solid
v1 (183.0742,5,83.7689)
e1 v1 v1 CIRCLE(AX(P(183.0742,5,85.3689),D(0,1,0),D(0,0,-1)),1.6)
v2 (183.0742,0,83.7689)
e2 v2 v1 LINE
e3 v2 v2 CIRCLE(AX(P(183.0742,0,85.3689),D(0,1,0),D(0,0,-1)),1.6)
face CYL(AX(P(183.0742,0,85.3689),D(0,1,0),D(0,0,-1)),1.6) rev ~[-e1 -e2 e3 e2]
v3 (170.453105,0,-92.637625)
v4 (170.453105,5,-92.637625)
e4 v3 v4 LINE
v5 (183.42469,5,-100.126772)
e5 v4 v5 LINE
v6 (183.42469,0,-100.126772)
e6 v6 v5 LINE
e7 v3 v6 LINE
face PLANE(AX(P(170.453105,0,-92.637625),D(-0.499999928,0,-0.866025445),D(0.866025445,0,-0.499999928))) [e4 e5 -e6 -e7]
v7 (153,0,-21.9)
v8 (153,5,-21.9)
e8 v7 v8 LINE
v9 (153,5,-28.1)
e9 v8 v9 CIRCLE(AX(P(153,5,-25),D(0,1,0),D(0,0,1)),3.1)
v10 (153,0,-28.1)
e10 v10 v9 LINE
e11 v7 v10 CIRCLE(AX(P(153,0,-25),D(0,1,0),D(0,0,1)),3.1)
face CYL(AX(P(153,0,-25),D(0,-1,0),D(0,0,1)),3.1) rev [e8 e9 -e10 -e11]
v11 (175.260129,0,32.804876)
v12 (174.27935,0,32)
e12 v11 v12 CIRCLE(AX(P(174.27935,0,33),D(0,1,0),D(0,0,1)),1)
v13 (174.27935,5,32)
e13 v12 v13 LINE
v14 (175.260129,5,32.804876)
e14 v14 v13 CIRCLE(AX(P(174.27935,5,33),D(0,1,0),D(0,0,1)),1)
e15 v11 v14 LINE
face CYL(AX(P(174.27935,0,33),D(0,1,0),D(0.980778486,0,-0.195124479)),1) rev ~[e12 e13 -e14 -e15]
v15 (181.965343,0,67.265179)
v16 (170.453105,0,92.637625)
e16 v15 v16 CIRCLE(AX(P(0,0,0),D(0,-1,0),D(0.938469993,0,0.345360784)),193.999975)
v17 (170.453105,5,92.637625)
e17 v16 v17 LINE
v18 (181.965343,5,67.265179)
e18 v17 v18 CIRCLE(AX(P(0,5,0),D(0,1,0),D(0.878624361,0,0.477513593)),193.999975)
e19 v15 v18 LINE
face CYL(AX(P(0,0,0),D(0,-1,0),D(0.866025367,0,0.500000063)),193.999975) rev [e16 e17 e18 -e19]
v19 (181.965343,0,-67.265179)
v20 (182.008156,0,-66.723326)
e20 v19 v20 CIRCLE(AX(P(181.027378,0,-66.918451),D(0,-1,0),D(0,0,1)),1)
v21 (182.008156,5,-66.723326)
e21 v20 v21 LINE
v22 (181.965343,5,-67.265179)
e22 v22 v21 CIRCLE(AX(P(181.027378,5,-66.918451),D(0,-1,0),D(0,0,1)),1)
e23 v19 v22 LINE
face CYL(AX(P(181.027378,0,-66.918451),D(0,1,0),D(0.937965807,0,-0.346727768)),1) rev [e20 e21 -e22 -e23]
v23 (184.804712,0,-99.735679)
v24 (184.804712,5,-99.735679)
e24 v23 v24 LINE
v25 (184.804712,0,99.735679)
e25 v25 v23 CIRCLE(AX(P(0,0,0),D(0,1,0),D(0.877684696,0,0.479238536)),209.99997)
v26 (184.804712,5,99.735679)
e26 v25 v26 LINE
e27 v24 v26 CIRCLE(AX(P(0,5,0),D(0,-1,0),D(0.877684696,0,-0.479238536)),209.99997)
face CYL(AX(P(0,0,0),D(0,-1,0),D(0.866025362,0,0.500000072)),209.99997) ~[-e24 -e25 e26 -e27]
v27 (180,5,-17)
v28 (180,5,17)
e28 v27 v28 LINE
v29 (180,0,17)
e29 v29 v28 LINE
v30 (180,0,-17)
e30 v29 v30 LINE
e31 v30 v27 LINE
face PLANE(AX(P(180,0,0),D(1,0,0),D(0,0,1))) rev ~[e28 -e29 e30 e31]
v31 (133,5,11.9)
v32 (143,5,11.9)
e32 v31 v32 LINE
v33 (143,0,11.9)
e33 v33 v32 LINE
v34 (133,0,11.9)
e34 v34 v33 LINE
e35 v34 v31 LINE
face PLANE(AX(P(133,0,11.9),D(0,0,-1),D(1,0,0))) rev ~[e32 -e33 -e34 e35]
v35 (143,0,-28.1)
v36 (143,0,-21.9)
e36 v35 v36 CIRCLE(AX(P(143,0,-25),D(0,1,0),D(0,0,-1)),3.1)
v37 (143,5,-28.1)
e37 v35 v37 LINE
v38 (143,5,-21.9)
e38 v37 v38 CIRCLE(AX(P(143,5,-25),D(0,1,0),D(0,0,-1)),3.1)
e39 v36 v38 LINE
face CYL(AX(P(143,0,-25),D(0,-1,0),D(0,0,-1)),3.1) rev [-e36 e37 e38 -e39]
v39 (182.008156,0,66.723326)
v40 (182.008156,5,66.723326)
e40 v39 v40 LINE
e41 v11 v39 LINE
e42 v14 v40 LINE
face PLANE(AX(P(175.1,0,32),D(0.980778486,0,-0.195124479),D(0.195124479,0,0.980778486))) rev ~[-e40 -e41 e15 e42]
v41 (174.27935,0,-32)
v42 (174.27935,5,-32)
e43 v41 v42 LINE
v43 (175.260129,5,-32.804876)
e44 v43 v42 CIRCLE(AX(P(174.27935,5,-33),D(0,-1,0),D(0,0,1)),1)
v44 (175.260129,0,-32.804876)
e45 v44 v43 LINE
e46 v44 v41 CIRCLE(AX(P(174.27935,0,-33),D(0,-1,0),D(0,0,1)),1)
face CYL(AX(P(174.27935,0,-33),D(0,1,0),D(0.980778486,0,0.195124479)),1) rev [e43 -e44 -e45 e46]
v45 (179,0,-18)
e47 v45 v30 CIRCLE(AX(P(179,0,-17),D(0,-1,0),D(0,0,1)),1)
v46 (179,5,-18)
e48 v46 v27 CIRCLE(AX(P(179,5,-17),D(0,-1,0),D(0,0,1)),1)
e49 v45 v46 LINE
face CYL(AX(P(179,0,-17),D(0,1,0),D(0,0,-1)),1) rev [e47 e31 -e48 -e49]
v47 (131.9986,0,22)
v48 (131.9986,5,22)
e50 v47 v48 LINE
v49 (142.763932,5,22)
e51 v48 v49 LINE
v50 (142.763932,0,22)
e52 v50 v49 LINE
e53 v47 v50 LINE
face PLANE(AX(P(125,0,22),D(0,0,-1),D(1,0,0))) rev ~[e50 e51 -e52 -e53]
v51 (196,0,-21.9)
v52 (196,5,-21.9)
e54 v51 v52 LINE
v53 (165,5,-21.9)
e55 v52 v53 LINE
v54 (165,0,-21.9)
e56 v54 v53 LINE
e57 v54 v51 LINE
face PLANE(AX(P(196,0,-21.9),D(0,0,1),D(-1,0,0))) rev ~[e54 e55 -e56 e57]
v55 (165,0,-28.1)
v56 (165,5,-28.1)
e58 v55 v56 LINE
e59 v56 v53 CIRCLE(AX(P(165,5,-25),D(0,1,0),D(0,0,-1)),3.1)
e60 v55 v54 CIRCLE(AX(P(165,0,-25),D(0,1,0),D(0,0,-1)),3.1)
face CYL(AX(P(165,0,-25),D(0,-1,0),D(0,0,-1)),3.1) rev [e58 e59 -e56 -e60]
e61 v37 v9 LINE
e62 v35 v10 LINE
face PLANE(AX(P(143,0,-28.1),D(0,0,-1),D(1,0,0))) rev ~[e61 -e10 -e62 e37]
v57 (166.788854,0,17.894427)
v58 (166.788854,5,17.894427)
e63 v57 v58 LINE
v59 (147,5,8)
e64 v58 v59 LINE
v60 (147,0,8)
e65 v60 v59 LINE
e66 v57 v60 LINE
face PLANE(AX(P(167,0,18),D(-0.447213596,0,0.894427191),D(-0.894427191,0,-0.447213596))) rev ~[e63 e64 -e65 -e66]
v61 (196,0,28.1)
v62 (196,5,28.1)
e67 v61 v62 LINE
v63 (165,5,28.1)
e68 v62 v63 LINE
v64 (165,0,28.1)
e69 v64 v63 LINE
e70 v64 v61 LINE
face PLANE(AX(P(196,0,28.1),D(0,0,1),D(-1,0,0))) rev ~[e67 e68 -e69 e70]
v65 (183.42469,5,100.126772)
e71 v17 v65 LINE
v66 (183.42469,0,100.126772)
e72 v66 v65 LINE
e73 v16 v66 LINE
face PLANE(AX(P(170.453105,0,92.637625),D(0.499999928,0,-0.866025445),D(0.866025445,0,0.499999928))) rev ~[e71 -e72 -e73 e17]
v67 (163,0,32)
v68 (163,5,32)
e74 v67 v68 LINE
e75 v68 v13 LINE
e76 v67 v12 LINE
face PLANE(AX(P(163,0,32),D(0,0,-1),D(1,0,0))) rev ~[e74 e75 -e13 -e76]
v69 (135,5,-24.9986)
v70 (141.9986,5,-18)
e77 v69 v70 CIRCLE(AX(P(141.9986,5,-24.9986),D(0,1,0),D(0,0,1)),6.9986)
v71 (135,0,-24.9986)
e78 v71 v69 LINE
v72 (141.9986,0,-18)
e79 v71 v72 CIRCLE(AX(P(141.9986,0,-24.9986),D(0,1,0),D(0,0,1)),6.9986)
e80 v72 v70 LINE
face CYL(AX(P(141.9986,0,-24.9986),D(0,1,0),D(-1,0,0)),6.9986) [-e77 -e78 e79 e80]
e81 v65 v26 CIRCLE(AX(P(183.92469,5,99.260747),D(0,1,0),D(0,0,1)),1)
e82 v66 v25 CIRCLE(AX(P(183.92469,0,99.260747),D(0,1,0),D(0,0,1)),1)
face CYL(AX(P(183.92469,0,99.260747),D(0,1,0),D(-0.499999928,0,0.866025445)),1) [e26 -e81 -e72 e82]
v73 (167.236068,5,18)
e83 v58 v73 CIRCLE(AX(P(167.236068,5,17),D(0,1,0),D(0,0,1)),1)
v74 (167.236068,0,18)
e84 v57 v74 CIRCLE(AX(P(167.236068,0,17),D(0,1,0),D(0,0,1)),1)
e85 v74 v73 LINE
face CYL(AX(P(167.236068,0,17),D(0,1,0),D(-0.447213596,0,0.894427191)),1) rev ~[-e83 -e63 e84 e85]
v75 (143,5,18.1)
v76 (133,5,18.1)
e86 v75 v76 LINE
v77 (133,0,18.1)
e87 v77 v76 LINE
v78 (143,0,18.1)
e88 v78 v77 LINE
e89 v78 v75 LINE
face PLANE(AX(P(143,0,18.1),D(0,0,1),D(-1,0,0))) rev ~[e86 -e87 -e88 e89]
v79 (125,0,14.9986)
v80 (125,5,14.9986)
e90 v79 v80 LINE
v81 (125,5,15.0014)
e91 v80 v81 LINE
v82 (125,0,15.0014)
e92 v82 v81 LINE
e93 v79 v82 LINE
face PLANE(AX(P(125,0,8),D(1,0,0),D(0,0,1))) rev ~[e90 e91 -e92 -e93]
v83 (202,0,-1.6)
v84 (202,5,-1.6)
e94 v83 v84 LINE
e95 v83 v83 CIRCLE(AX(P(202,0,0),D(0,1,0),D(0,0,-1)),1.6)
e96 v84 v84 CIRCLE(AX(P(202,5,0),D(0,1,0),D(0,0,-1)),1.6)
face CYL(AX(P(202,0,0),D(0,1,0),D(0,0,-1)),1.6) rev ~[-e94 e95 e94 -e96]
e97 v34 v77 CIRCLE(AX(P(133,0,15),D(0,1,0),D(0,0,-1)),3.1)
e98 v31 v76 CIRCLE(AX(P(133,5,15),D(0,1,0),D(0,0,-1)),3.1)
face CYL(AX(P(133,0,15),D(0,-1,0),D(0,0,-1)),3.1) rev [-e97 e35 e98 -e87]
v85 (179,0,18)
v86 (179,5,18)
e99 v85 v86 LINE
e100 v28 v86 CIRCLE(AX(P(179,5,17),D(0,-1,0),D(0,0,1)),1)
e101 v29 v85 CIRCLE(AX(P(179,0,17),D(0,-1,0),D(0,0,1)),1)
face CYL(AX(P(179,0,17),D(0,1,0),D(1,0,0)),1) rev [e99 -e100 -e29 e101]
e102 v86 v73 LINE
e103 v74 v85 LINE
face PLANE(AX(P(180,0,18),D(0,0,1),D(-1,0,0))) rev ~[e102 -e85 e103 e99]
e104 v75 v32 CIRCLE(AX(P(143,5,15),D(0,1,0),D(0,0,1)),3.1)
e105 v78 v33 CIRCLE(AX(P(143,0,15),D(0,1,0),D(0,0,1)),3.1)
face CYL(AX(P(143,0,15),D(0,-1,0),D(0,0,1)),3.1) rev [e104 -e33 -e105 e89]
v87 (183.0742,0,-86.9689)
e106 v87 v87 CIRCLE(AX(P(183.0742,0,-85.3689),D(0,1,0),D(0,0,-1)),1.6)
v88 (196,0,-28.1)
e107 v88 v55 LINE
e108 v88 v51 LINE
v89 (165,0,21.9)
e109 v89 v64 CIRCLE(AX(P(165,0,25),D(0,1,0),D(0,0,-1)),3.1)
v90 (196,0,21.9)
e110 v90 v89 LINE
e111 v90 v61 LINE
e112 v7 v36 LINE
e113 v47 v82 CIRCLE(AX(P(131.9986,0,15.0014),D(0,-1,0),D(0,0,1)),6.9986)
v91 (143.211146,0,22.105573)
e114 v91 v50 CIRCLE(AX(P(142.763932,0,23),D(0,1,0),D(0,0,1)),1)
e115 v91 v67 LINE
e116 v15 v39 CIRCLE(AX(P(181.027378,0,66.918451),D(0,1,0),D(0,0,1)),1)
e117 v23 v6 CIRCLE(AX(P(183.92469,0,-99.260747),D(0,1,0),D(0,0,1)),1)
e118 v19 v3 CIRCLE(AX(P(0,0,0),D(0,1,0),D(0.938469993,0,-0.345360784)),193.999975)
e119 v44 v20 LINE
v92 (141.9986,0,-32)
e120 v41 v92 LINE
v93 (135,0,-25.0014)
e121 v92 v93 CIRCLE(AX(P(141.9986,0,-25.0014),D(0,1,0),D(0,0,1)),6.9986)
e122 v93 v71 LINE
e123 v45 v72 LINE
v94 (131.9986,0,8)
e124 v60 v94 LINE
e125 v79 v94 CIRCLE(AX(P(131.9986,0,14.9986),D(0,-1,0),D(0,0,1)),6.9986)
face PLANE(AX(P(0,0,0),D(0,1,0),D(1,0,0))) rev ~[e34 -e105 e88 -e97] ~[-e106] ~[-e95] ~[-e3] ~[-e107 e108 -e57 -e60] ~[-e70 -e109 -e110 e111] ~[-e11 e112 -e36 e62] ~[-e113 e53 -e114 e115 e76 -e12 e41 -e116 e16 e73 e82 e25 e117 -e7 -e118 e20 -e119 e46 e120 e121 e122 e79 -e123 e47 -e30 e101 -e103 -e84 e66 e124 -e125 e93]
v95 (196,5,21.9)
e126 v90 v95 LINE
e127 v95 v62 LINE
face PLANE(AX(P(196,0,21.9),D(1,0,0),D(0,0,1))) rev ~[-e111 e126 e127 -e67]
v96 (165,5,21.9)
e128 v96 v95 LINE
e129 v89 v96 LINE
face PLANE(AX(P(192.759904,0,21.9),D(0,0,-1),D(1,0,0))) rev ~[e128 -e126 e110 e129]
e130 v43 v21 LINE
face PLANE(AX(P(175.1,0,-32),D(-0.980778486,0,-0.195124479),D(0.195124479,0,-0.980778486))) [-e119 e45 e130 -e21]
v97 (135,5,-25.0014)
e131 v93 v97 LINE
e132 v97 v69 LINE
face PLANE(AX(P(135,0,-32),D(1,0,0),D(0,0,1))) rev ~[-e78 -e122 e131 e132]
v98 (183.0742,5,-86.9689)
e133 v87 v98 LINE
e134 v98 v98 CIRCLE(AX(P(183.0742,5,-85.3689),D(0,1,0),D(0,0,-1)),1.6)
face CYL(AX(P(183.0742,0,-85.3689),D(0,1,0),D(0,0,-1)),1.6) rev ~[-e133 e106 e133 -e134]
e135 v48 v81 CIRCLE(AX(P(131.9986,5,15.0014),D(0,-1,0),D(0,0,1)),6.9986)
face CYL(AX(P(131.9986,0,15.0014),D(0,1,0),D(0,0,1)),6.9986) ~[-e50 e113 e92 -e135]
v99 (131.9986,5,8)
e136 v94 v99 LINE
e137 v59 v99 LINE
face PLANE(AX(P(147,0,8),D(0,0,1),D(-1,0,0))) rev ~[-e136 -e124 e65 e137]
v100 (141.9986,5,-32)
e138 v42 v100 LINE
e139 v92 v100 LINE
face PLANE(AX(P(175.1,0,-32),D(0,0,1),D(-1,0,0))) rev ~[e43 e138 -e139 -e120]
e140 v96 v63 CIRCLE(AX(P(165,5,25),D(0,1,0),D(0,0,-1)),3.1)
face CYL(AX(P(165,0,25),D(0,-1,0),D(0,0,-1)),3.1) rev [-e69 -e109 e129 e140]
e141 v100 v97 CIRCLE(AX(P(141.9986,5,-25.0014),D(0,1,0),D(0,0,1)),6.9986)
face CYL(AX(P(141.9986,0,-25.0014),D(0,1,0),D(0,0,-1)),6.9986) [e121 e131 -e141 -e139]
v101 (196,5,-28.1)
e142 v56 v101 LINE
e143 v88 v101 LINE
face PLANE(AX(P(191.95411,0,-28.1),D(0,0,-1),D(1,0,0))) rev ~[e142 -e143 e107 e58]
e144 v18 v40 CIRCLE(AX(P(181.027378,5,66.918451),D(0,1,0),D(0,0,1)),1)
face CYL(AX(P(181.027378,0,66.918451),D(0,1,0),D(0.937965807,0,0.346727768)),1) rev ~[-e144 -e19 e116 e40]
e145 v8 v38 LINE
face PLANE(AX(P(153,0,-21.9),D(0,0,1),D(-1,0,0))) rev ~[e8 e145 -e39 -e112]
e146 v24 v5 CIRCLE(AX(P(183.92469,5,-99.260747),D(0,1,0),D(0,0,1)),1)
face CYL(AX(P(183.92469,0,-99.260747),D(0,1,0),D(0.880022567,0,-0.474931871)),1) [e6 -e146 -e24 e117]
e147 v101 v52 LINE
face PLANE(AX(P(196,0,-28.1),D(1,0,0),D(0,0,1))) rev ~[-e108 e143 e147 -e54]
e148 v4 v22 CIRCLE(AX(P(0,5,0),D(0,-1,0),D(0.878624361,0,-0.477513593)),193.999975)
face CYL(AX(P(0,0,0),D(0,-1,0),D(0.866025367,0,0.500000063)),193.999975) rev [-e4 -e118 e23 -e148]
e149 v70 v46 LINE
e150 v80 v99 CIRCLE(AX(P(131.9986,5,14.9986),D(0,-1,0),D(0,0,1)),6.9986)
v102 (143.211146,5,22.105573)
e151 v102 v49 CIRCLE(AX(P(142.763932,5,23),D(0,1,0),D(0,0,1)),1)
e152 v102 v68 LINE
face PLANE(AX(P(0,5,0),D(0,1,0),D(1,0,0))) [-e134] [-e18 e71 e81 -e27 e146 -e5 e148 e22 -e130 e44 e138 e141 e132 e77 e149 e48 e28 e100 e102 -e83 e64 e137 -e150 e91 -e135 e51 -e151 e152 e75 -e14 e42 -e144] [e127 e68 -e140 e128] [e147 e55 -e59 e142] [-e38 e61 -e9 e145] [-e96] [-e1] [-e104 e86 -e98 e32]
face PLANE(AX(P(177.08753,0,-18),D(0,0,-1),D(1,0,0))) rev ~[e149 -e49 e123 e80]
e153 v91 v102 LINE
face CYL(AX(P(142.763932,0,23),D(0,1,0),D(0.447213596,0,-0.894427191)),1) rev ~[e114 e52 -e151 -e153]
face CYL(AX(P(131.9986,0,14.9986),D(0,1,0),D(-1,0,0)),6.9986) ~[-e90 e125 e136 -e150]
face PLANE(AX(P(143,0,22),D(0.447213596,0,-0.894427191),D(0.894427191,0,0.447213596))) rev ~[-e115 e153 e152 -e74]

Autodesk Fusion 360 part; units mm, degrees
sketch "スケッチ1" plane through (0, 0, 0) normal (0, 1, 0) x (1, 0, 0)
  arc A0 (181.8653, -105) -> (181.8653, 105) centre (0, 0) ccw
  line L0 (181.8653, 105) -> (0, 0)
  line L1 (0, 0) -> (181.8653, -105)
  line L2 (0, 0) -> (210, 0)
  arc A1 (168.0089, -97) -> (168.0089, 97) centre (0, 0) ccw
  line L3 (191.3426, 32) -> (135, 32)
  line L4 (135, 32) -> (135, 18)
  line L5 (135, 18) -> (193.1631, 18)
  arc A2 (165, 28.1) -> (165, 21.9) centre (165, 25) ccw
  line L6 (165, 28.1) -> (196, 28.1)
  line L7 (196, 28.1) -> (196, 21.9)
  line L8 (196, 21.9) -> (165, 21.9)
  arc A3 (143, 28.1) -> (143, 21.9) centre (143, 25) ccw
  arc A4 (153, 21.9) -> (153, 28.1) centre (153, 25) ccw
  line L9 (143, 28.1) -> (153, 28.1)
  line L10 (153, 21.9) -> (143, 21.9)
  line L11 (10, 0) -> (184.3138, 100.6401)
  arc A5 (154.1525, -89) -> (154.1525, 89) centre (0, 0) ccw
  line L12 (10, 0) -> (184.3138, -100.6401)
  line L13 (193.1631, -18) -> (167, -18)
  line L14 (163, -32) -> (191.3426, -32)
  arc A6 (133, -11.9) -> (133, -18.1) centre (133, -15) ccw
  arc A7 (143, -18.1) -> (143, -11.9) centre (143, -15) ccw
  arc A8 (165, -21.9) -> (165, -28.1) centre (165, -25) ccw
  line L15 (165, -21.9) -> (196, -21.9)
  line L16 (196, -21.9) -> (196, -28.1)
  line L17 (196, -28.1) -> (165, -28.1)
  line L18 (133, -11.9) -> (143, -11.9)
  line L19 (143, -18.1) -> (133, -18.1)
  arc A9 (183.0742, -85.3689) -> (183.0742, 85.3689) centre (0, 0) ccw
  line L20 (0, 0) -> (183.0742, 85.3689)
  line L21 (0, 0) -> (183.0742, -85.3689)
  line L22 (180, 18) -> (180, -18)
  line L23 (175.1, 32) -> (182.0632, 67)
  line L24 (175.1, -32) -> (182.0632, -67)
  line L25 (167, -18) -> (147, -8)
  line L26 (147, -8) -> (125, -8)
  line L27 (125, -8) -> (125, -22)
  line L28 (125, -22) -> (143, -22)
  line L29 (143, -22) -> (163, -32)
  point P0 (135, 25)
  point P1 (202, 0)
  point P2 (125, -15)
  dimension "d1" = 210
  dimension "d2" = 30
  dimension "d3" = 30
  dimension "d4" = 194
  dimension "d5" = 14
  dimension "d6" = 3.1
  dimension "d7" = 3.1
  dimension "d8" = 10
  dimension "d9" = 8
  dimension "d10" = 31
  dimension "d11" = 12
  dimension "d12" = 25
  dimension "d13" = 135
  dimension "d14" = 30
  dimension "d15" = 10
  dimension "d16" = 178
  dimension "d17" = 30
  dimension "d19" = 3.1
  dimension "d20" = 3.1
  dimension "d23" = 202
  dimension "d24" = 25
  dimension "d25" = 25
  dimension "d29" = 180
  dimension "d34" = 25
  dimension "d35" = 15
  dimension "d36" = 7
  dimension "d37" = 7
  dimension "d38" = 22
  dimension "d39" = 10
  dimension "d40" = 8
  dimension "d41" = 22
  dimension "d42" = 20
  dimension "d43" = 18
  dimension "d44" = 20
  dimension "d45" = 14
  dimension "d46" = 35
  dimension "d47" = 35
extrude "押し出し1" add sketch "スケッチ1" along normal blind 5 contours A0 L2 A1 L12 A9 L21 | A0 L2 A1 L11 A9 L20 | L2 A1 L15 L16 L17 A9 L21 | L2 A1 L6 L7 L8 A9 L20 | L2 A1 L13 L22 | L2 A1 L5 L22 | A1 L14 L24 | A1 A5 L13 L15 | A1 L5 L8 A5 | A1 A5 L14 L17 | A5 L13 L14 A8 L15 L17 L25 L26 L27 L28 L29 | A1 L3 L23 | L3 L4 L5 A2 L6 L8 A5 | A1 L3 L6 A5
hole "穴1" at (183.0742, 0, 85.3689) at (202, 0, 0) at (183.0742, 0, -85.3689) direction (0, 1, 0) diameter 3.2 end through all
fillet "フィレット1" radius 1 10 edges at (184.3138, 2.5, 100.6401) (184.3138, 2.5, -100.6401) (180, 2.5, -18) (180, 2.5, 18) (175.1, 2.5, 32) (175.1, 2.5, -32) (182.0632, 2.5, -67) (182.0632, 2.5, 67) (143, 2.5, 22) (167, 2.5, 18)
fillet "フィレット2" radius 7 4 edges at (135, 2.5, -18) (135, 2.5, -32) (125, 2.5, 8) (125, 2.5, 22)
